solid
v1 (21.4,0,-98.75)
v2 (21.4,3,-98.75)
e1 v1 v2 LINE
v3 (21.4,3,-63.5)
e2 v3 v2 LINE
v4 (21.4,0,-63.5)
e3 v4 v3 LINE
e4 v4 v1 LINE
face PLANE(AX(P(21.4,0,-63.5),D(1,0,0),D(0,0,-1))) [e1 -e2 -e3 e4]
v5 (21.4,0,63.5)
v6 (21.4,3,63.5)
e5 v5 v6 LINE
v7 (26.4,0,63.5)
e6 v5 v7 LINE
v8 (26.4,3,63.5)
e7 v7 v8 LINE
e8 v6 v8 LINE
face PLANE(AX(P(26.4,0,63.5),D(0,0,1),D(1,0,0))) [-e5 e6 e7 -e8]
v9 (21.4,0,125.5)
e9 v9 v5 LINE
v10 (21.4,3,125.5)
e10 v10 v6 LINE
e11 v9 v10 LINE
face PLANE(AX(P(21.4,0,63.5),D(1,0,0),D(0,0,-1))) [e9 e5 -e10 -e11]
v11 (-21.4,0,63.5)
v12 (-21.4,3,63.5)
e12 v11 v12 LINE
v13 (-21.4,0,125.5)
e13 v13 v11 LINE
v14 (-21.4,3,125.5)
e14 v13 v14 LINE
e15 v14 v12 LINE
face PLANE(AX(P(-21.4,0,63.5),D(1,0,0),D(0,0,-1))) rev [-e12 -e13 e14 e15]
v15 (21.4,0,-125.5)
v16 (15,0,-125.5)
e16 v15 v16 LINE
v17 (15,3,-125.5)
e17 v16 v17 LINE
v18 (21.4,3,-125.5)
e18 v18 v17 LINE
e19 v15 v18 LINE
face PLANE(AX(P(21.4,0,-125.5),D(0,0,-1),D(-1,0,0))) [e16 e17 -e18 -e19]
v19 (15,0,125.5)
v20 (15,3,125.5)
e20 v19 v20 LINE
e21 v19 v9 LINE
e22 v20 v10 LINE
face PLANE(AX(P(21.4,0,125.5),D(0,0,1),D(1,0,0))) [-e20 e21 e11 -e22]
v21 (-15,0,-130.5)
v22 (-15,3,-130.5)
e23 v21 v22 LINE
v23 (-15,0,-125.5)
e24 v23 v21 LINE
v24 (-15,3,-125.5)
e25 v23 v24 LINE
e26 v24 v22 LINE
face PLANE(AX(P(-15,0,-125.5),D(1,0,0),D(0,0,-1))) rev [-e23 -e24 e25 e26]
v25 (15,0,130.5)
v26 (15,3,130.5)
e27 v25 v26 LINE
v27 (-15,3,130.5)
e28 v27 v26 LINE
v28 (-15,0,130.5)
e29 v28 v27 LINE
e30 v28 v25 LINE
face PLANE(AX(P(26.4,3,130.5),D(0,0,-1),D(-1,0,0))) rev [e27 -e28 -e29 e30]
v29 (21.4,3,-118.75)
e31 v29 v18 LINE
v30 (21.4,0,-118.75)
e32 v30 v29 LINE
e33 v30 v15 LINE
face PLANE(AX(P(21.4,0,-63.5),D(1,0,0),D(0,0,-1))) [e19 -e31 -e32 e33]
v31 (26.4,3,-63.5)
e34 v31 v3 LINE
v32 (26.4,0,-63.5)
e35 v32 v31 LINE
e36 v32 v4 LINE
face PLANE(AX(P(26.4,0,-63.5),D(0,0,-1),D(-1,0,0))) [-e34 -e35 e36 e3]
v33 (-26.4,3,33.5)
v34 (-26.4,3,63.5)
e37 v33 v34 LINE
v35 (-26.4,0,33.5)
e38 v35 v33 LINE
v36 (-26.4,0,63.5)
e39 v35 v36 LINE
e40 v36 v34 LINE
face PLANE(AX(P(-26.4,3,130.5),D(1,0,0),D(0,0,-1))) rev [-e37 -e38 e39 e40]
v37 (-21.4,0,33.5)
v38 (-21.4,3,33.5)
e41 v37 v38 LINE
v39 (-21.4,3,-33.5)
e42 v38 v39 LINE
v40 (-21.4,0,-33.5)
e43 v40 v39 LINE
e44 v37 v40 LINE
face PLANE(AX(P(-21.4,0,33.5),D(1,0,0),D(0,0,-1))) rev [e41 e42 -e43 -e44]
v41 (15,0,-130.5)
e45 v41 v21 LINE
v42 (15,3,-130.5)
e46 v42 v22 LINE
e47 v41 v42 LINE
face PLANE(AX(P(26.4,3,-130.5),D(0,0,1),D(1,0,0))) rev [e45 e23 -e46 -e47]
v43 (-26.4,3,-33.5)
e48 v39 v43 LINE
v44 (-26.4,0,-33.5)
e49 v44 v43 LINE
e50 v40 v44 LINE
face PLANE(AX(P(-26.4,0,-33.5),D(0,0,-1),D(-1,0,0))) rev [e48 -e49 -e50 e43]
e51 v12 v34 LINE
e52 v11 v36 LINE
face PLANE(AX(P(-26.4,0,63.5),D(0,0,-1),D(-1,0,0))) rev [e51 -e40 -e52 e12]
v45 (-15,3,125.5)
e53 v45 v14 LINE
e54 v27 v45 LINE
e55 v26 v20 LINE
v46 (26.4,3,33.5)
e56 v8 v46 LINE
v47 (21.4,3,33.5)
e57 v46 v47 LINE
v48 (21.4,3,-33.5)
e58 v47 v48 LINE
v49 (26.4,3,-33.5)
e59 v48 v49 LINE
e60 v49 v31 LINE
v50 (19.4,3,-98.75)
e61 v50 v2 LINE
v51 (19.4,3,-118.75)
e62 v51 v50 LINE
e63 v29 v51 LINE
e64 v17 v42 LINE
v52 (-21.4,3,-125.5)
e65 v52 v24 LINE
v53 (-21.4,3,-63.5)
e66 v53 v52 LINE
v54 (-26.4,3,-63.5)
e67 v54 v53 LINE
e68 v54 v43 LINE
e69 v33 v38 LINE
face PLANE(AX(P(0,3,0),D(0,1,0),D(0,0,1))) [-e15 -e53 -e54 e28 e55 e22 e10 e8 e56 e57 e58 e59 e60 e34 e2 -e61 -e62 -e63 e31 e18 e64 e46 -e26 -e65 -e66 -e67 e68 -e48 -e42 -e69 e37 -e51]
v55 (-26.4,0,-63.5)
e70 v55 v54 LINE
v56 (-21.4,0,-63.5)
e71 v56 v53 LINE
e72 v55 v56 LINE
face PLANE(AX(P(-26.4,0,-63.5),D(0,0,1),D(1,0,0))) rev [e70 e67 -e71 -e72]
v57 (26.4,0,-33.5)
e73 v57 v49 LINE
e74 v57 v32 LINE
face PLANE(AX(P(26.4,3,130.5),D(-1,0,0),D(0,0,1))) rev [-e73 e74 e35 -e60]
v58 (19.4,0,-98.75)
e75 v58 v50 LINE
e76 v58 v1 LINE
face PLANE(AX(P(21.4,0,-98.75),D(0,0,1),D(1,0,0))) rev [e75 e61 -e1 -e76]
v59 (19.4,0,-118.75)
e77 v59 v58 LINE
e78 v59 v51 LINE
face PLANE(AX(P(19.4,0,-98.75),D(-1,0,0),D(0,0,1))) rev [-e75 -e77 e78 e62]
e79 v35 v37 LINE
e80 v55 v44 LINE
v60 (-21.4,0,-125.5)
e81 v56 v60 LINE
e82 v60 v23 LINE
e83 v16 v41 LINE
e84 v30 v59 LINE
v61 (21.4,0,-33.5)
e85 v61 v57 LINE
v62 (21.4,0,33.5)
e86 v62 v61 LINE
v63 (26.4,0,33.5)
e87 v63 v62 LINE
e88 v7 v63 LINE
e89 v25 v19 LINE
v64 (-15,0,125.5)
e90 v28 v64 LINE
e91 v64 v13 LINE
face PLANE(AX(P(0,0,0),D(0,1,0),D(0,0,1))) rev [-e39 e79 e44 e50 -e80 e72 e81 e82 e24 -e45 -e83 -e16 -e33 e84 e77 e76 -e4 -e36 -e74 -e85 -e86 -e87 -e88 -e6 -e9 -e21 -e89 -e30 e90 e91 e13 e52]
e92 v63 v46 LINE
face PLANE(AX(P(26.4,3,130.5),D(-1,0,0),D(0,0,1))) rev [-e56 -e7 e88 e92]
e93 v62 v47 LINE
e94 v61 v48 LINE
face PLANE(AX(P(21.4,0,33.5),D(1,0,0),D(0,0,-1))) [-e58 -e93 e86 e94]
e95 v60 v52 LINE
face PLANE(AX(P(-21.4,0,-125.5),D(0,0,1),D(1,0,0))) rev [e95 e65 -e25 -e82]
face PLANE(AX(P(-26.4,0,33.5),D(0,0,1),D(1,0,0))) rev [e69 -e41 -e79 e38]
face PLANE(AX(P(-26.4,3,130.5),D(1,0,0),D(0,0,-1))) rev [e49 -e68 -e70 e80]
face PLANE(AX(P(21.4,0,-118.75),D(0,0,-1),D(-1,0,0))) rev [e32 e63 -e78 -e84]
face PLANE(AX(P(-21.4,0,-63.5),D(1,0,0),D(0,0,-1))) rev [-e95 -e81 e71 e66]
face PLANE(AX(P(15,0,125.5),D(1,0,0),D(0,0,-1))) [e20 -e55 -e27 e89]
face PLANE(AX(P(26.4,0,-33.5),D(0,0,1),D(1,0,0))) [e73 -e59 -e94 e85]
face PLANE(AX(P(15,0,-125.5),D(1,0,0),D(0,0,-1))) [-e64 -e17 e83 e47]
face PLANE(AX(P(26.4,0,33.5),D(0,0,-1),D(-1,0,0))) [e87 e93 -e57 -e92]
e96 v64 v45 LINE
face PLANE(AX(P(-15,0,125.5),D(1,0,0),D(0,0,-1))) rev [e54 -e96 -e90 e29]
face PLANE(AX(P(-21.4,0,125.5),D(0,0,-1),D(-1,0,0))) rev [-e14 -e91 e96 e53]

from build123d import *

# Parameters (mm, degrees)
SKETCH1_W           = 52.8
SKETCH1_H           = 261
BOSS_EXTRUDE1_DEPTH = 3
SKETCH2_W           = 5
SKETCH2_H           = 67
CUT_EXTRUDE1_DEPTH  = 134.177362941
SKETCH3_W           = 2
SKETCH3_H           = 20
CUT_EXTRUDE2_DEPTH  = 134.177362941


with BuildPart() as part:
    # Sketch1 → Boss-Extrude1 (new body)
    with BuildSketch(Plane(origin=(0, 0, 0), x_dir=(1, 0, 0), z_dir=(0, 1, 0))):
        Rectangle(SKETCH1_W, SKETCH1_H)
    extrude(amount=BOSS_EXTRUDE1_DEPTH)

    # Sketch2 → Cut-Extrude1 (cut, through all)
    with BuildSketch(Plane(origin=(0, 3, 0), x_dir=(1, 0, 0), z_dir=(0, 1, 0))):
        Polygon((-26.4, -130.5), (-15, -130.5), (-15, -125.5), (-21.4, -125.5), (-21.4, -63.5), (-26.4, -63.5), align=None)
        with Locations((-23.9, 0)):
            Rectangle(SKETCH2_W, SKETCH2_H)
        Polygon((-26.4, 130.5), (-15, 130.5), (-15, 125.5), (-21.4, 125.5), (-21.4, 63.5), (-26.4, 63.5), align=None)
    cut_extrude1 = extrude(amount=-CUT_EXTRUDE1_DEPTH, mode=Mode.SUBTRACT)

    # Mirror1: Cut-Extrude1 across plane
    add(cut_extrude1.mirror(Plane(origin=(0, 0, 0), x_dir=(0, 0, 1), z_dir=(1, 0, 0))), mode=Mode.SUBTRACT)

    # Sketch3 → Cut-Extrude2 (cut, through all)
    with BuildSketch(Plane(origin=(0, 3, 0), x_dir=(1, 0, 0), z_dir=(0, 1, 0))):
        with Locations((20.4, 108.75)):
            Rectangle(SKETCH3_W, SKETCH3_H)
    extrude(amount=-CUT_EXTRUDE2_DEPTH, mode=Mode.SUBTRACT)


solid = part.part
